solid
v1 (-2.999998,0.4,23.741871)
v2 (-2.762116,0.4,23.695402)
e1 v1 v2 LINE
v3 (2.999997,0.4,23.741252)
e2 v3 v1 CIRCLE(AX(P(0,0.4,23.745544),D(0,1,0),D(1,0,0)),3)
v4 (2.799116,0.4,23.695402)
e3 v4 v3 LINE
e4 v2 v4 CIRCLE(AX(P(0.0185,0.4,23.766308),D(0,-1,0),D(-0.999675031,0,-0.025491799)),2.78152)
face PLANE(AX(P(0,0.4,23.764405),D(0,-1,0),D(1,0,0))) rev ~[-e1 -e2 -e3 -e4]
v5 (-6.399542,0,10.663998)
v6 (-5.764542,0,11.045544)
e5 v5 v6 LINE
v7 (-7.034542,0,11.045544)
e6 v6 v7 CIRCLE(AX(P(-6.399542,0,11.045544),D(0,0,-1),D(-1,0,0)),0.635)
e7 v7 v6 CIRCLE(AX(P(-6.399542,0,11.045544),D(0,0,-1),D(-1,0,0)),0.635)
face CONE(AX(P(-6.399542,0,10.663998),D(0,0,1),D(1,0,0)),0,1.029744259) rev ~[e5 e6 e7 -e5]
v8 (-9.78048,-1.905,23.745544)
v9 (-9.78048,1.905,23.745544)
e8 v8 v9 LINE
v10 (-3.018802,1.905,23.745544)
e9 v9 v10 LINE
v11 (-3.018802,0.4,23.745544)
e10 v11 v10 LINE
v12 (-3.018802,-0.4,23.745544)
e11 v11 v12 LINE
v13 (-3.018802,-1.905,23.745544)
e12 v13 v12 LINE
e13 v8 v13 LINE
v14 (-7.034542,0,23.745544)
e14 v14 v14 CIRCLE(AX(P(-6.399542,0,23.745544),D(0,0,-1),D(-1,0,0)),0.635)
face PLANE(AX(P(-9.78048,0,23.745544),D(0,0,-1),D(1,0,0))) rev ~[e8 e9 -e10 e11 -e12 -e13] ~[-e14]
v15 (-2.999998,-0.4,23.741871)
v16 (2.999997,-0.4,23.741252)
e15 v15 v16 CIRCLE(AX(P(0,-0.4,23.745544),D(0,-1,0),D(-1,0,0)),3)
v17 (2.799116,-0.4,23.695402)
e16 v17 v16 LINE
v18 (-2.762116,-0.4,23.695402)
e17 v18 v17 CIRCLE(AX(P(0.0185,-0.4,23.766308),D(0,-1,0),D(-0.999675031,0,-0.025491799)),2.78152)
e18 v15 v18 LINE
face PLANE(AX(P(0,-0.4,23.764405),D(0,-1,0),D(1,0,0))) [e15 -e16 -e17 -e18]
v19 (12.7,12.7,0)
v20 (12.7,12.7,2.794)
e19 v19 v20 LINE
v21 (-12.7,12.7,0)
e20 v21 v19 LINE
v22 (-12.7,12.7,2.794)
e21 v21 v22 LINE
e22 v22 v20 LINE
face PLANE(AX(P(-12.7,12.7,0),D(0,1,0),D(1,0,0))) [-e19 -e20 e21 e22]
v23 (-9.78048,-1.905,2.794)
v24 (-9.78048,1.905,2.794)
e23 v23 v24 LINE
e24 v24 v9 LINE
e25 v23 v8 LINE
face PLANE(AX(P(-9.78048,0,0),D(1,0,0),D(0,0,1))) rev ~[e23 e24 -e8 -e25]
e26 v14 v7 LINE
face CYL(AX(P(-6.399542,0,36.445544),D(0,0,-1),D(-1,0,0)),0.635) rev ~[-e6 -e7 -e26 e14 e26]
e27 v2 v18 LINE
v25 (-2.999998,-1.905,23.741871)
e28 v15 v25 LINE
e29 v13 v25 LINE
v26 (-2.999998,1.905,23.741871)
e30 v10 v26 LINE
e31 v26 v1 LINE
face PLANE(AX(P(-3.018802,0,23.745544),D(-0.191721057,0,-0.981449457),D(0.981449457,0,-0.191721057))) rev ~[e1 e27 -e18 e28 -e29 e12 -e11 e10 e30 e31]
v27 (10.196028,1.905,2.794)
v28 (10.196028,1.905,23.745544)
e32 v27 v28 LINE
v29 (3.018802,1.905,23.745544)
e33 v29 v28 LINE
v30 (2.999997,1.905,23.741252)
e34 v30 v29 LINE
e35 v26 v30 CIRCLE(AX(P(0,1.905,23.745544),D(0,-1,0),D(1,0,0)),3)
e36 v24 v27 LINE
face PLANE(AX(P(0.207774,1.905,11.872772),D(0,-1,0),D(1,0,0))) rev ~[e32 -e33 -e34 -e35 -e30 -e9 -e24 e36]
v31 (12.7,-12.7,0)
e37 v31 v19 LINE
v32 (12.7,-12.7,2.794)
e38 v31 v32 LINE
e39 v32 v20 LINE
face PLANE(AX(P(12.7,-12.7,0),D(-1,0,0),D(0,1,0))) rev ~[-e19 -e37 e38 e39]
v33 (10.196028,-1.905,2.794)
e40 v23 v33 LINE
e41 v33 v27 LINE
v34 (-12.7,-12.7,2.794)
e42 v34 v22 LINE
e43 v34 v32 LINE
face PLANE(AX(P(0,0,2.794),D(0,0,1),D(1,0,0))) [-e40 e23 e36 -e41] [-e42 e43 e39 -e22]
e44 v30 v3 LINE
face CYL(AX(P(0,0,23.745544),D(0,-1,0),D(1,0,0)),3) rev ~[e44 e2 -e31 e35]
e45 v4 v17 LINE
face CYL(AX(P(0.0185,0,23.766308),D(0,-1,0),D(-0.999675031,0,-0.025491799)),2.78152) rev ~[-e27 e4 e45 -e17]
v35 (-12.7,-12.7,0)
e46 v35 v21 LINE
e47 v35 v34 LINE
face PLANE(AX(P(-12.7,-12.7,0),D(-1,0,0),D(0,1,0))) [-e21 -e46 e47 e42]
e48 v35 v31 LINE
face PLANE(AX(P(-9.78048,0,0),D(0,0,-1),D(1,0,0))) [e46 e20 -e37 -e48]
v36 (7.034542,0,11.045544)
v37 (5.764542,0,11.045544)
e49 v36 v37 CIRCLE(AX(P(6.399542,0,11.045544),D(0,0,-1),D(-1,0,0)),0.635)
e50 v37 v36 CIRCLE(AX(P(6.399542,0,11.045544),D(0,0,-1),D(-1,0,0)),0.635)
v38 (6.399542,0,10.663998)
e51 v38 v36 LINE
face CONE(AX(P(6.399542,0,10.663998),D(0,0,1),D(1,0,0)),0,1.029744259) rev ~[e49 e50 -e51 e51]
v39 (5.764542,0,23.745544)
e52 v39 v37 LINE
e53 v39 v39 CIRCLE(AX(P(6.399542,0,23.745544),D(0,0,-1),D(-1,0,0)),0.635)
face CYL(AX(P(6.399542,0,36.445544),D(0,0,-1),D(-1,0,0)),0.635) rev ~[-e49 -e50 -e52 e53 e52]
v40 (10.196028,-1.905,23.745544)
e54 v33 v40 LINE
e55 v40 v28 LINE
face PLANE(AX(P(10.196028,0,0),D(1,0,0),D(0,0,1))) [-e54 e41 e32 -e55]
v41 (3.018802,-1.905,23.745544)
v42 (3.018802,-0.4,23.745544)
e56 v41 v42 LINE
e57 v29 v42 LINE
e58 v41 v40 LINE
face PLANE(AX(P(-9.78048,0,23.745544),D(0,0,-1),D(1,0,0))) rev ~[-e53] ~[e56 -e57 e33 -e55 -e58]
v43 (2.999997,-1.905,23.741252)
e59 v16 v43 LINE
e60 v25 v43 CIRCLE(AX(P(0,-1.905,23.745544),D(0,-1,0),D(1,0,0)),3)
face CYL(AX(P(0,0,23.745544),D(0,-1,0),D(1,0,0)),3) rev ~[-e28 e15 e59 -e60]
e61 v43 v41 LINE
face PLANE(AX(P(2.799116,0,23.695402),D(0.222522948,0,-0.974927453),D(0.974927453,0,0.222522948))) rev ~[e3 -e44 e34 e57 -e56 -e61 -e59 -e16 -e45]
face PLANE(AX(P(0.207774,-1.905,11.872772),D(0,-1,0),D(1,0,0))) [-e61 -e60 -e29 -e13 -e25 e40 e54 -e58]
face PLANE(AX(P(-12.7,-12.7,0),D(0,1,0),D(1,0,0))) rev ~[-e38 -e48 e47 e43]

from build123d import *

# Parameters (mm, degrees)
F0_W      = 25.4
F0_H      = 25.4
F1_DEPTH  = 2.794
F2_W      = 19.9765078723
F2_H      = 23.7455442548
F3_DEPTH  = 1.905
F4_R      = 3
F5_DEPTH  = 2.6162
F6_R      = 3.0188611448
F7_DEPTH  = 0.4
F9_DEPTH  = 12.7
F11_D     = 1.27
F11_DEPTH = 12.7
F11_TIP   = 0.3815464931


with BuildPart() as f1:
    # F0 (on Top) → F1 (new body)
    with BuildSketch(Plane.XY):
        Rectangle(F0_W, F0_H)
    extrude(amount=F1_DEPTH)

    # F2 (on Front) → F3 (join, symmetric)
    with BuildSketch(Plane.XZ):
        with Locations((0.2077743411, 11.8727721274)):
            Rectangle(F2_W, F2_H)
    extrude(amount=F3_DEPTH, both=True)

    # F4 (on Front) → F5 (cut, symmetric)
    with BuildSketch(Plane.XZ):
        with Locations((0, 23.7455442548)):
            Circle(F4_R)
    extrude(amount=F5_DEPTH, both=True, mode=Mode.SUBTRACT)

    # F6 (on Front) → F7 (join, symmetric)
    with BuildSketch(Plane.XZ):
        with Locations((0, 23.7644053996)):
            Circle(F6_R)
    extrude(amount=F7_DEPTH, both=True)

    # F8 (on Front) → F9 (cut, symmetric)
    with BuildSketch(Plane.XZ):
        with BuildLine():
            Line((-3.0188022242, 23.7455442548), (-2.7621155605, 23.6954018474))
            ThreePointArc((-2.7621155605, 23.6954018474), (0.0185002573, 20.9847880645), (2.799116075, 23.6954018474))
            Line((2.799116075, 23.6954018474), (3.0188022242, 23.7455442548))
            ThreePointArc((3.0188022242, 23.7455442548), (0, 26.7832665443), (-3.0188022242, 23.7455442548))
        make_face()
    extrude(amount=F9_DEPTH, both=True, mode=Mode.SUBTRACT)

    # F11
    with Locations(Plane.XY.offset(23.7455442548)):
        with Locations((6.3995422242, 0), (-6.3995422242, 0)):
            Hole(F11_D / 2, depth=F11_DEPTH)
            with Locations((0, 0, -(F11_DEPTH + F11_TIP / 2))):  # 118° drill point
                Cone(0, F11_D / 2, F11_TIP, mode=Mode.SUBTRACT)


solid = f1.part
